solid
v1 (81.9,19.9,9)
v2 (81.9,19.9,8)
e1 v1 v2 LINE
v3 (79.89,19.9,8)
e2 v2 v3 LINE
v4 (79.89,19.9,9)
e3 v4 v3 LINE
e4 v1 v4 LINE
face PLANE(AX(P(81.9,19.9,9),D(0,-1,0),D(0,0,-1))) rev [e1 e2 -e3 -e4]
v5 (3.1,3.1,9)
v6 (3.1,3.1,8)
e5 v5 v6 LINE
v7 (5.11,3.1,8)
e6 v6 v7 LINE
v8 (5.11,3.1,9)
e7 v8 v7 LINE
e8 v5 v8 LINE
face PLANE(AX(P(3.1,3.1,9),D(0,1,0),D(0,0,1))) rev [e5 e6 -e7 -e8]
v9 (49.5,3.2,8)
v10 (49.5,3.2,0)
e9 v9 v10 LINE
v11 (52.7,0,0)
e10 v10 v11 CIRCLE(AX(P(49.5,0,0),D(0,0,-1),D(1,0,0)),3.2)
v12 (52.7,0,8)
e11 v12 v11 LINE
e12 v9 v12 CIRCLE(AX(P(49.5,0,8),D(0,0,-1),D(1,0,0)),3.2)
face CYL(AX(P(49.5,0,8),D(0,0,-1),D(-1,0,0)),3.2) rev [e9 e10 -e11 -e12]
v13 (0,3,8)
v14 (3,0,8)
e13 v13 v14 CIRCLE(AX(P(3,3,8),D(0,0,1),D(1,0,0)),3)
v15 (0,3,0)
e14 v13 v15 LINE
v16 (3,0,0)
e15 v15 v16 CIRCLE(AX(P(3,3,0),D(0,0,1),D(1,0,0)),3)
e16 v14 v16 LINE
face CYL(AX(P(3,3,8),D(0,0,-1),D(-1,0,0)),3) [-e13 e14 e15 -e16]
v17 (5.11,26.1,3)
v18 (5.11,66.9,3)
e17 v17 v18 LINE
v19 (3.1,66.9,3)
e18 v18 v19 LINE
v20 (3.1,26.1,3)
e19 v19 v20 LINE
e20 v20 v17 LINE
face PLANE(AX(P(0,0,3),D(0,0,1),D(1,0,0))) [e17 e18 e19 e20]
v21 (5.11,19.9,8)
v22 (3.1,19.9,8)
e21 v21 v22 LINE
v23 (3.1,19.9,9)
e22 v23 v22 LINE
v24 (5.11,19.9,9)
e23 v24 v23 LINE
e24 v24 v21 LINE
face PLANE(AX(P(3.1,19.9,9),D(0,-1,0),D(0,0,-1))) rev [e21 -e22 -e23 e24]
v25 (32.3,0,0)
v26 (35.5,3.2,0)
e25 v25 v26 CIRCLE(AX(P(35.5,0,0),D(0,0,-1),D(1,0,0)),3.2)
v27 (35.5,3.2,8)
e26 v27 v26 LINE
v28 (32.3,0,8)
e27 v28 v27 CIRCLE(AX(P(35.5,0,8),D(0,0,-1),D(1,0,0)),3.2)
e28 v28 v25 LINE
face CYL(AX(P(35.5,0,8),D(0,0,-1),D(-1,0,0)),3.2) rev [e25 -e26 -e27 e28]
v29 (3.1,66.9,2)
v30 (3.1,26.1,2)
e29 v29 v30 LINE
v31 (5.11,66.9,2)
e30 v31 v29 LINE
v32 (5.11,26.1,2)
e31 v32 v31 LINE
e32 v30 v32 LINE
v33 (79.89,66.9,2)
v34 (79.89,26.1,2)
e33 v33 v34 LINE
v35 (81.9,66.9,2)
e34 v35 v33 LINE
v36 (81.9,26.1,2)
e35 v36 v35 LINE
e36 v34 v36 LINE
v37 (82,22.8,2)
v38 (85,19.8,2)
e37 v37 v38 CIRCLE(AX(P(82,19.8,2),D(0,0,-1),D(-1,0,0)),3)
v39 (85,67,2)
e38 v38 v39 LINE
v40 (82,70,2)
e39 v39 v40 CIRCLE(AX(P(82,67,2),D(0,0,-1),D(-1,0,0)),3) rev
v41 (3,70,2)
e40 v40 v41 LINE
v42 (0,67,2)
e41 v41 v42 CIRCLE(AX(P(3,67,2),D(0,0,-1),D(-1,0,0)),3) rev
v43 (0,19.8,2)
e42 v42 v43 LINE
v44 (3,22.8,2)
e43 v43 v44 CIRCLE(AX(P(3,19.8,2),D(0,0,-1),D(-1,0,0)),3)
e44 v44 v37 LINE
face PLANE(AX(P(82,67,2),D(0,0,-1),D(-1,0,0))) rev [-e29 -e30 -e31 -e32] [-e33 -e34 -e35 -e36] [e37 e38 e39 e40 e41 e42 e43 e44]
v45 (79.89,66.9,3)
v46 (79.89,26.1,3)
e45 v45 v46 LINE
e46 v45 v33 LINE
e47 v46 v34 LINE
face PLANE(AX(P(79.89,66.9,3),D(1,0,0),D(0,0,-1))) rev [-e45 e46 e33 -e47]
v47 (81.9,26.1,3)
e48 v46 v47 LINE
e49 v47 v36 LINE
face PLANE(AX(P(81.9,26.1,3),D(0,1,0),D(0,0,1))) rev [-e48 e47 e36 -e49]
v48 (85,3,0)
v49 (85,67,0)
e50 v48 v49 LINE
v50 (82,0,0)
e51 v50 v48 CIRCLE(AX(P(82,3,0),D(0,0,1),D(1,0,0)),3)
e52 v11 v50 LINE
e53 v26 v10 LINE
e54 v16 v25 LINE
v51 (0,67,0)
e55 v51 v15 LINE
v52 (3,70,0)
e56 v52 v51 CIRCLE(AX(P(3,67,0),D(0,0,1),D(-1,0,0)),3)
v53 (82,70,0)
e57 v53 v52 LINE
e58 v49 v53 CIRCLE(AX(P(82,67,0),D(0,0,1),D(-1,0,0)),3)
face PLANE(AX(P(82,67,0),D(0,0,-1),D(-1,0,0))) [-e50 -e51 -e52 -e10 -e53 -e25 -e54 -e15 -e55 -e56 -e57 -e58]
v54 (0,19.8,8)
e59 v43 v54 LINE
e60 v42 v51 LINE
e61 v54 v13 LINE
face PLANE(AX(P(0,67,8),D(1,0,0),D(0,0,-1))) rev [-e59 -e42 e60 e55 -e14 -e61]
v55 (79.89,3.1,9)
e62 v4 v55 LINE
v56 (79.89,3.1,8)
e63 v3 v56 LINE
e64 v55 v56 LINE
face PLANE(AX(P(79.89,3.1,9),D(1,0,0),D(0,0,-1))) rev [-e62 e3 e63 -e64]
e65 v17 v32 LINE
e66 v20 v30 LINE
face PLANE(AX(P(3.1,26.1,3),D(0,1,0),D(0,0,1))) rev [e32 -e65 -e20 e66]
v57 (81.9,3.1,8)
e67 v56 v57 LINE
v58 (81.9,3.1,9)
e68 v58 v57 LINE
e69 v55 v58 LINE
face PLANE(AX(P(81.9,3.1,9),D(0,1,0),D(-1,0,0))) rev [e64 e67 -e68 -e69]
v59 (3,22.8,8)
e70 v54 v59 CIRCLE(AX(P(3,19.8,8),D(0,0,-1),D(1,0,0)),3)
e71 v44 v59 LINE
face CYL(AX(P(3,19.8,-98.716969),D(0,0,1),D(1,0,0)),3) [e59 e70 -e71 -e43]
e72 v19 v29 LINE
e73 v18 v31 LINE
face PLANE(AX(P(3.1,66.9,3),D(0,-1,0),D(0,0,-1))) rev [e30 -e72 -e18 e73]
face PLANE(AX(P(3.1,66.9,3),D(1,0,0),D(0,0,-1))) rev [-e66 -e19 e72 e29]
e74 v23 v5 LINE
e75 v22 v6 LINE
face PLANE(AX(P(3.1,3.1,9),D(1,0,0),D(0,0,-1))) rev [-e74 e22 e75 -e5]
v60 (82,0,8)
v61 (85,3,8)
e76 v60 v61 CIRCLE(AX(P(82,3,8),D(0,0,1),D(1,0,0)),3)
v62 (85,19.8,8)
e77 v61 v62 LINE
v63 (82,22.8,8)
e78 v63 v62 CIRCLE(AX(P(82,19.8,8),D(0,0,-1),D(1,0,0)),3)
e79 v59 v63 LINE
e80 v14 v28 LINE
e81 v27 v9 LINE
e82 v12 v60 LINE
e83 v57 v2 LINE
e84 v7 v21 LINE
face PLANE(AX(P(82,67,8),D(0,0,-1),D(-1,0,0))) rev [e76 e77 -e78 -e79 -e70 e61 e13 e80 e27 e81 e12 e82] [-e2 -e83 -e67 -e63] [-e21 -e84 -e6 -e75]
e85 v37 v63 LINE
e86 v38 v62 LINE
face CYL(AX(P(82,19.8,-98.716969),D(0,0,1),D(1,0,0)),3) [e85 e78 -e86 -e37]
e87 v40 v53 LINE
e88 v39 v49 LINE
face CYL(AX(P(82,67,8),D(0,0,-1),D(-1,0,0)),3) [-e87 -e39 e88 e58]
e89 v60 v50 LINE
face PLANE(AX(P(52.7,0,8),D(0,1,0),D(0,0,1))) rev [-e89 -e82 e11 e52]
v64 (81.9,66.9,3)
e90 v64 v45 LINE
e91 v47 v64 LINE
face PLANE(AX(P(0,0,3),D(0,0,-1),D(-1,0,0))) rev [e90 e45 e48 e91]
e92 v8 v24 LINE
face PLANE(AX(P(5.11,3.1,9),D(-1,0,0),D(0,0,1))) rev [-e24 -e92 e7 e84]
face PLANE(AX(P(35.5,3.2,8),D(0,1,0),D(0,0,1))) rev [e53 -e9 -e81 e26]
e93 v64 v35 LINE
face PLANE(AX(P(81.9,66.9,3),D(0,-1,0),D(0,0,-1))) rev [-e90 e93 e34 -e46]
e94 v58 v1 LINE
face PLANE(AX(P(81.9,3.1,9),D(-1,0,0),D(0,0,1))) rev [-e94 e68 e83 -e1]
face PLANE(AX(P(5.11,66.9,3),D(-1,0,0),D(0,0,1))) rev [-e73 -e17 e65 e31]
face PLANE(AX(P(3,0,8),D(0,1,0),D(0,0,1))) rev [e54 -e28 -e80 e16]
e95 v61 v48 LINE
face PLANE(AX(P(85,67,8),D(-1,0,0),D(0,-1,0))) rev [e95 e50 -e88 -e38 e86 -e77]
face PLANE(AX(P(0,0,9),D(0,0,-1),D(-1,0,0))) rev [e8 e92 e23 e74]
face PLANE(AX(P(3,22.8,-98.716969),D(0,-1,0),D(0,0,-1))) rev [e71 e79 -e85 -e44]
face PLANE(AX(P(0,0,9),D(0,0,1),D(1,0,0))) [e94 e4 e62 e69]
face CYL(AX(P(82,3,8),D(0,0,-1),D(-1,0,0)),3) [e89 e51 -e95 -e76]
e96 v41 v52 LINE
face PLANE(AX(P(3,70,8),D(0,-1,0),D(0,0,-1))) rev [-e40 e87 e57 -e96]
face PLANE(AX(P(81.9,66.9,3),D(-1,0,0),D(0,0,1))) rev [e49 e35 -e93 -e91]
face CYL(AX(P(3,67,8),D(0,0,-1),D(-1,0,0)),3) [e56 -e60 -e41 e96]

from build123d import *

# Parameters (mm, degrees)
BOSS_EXTRUDE1_DEPTH = 8
CUT_EXTRUDE1_DEPTH  = 6
SKETCH3_W           = 2.01
SKETCH3_H           = 16.8
BOSS_EXTRUDE2_DEPTH = 1
SKETCH4_W           = 2.01
SKETCH4_H           = 40.8
BOSS_EXTRUDE3_DEPTH = 1


with BuildPart() as part:
    # Sketch1 → Boss-Extrude1 (new body)
    with BuildSketch(Plane.XY):
        with BuildLine():
            Line((3, 70), (82, 70))
            ThreePointArc((82, 70), (84.121320344, 69.121320344), (85, 67))
            Line((85, 67), (85, 3))
            ThreePointArc((85, 3), (84.121320344, 0.878679656), (82, 0))
            Line((82, 0), (52.7, 0))
            ThreePointArc((52.7, 0), (51.7627417, 2.2627417), (49.5, 3.2))
            Line((49.5, 3.2), (35.5, 3.2))
            ThreePointArc((35.5, 3.2), (33.2372583, 2.2627417), (32.3, 0))
            Line((32.3, 0), (3, 0))
            ThreePointArc((3, 0), (0.878679656, 0.878679656), (0, 3))
            Line((0, 3), (0, 67))
            ThreePointArc((0, 67), (0.878679656, 69.121320344), (3, 70))
        make_face()
    extrude(amount=BOSS_EXTRUDE1_DEPTH)

    # Sketch2 → Cut-Extrude1 (cut)
    with BuildSketch(Plane.XY.offset(8)):
        with BuildLine():
            Line((3, 70), (82, 70))
            ThreePointArc((82, 70), (84.121320344, 69.121320344), (85, 67))
            Line((85, 67), (85, 19.8))
            ThreePointArc((85, 19.8), (84.121320344, 21.921320344), (82, 22.8))
            Line((82, 22.8), (3, 22.8))
            ThreePointArc((3, 22.8), (0.878679656, 21.921320344), (0, 19.8))
            Line((0, 19.8), (0, 67))
            ThreePointArc((0, 67), (0.878679656, 69.121320344), (3, 70))
        make_face()
    extrude(amount=-CUT_EXTRUDE1_DEPTH, mode=Mode.SUBTRACT)

    # Sketch3 → Boss-Extrude2 (add)
    with BuildSketch(Plane.XY.offset(8)):
        with Locations((4.105, 11.5)):
            Rectangle(SKETCH3_W, SKETCH3_H)
        with Locations((80.895, 11.5)):
            Rectangle(SKETCH3_W, SKETCH3_H)
    extrude(amount=BOSS_EXTRUDE2_DEPTH)

    # Sketch4 → Boss-Extrude3 (add)
    with BuildSketch(Plane.XY.offset(2)):
        with Locations((4.105, 46.5)):
            Rectangle(SKETCH4_W, SKETCH4_H)
        with Locations((80.895, 46.5)):
            Rectangle(SKETCH4_W, SKETCH4_H)
    extrude(amount=BOSS_EXTRUDE3_DEPTH)


solid = part.part
